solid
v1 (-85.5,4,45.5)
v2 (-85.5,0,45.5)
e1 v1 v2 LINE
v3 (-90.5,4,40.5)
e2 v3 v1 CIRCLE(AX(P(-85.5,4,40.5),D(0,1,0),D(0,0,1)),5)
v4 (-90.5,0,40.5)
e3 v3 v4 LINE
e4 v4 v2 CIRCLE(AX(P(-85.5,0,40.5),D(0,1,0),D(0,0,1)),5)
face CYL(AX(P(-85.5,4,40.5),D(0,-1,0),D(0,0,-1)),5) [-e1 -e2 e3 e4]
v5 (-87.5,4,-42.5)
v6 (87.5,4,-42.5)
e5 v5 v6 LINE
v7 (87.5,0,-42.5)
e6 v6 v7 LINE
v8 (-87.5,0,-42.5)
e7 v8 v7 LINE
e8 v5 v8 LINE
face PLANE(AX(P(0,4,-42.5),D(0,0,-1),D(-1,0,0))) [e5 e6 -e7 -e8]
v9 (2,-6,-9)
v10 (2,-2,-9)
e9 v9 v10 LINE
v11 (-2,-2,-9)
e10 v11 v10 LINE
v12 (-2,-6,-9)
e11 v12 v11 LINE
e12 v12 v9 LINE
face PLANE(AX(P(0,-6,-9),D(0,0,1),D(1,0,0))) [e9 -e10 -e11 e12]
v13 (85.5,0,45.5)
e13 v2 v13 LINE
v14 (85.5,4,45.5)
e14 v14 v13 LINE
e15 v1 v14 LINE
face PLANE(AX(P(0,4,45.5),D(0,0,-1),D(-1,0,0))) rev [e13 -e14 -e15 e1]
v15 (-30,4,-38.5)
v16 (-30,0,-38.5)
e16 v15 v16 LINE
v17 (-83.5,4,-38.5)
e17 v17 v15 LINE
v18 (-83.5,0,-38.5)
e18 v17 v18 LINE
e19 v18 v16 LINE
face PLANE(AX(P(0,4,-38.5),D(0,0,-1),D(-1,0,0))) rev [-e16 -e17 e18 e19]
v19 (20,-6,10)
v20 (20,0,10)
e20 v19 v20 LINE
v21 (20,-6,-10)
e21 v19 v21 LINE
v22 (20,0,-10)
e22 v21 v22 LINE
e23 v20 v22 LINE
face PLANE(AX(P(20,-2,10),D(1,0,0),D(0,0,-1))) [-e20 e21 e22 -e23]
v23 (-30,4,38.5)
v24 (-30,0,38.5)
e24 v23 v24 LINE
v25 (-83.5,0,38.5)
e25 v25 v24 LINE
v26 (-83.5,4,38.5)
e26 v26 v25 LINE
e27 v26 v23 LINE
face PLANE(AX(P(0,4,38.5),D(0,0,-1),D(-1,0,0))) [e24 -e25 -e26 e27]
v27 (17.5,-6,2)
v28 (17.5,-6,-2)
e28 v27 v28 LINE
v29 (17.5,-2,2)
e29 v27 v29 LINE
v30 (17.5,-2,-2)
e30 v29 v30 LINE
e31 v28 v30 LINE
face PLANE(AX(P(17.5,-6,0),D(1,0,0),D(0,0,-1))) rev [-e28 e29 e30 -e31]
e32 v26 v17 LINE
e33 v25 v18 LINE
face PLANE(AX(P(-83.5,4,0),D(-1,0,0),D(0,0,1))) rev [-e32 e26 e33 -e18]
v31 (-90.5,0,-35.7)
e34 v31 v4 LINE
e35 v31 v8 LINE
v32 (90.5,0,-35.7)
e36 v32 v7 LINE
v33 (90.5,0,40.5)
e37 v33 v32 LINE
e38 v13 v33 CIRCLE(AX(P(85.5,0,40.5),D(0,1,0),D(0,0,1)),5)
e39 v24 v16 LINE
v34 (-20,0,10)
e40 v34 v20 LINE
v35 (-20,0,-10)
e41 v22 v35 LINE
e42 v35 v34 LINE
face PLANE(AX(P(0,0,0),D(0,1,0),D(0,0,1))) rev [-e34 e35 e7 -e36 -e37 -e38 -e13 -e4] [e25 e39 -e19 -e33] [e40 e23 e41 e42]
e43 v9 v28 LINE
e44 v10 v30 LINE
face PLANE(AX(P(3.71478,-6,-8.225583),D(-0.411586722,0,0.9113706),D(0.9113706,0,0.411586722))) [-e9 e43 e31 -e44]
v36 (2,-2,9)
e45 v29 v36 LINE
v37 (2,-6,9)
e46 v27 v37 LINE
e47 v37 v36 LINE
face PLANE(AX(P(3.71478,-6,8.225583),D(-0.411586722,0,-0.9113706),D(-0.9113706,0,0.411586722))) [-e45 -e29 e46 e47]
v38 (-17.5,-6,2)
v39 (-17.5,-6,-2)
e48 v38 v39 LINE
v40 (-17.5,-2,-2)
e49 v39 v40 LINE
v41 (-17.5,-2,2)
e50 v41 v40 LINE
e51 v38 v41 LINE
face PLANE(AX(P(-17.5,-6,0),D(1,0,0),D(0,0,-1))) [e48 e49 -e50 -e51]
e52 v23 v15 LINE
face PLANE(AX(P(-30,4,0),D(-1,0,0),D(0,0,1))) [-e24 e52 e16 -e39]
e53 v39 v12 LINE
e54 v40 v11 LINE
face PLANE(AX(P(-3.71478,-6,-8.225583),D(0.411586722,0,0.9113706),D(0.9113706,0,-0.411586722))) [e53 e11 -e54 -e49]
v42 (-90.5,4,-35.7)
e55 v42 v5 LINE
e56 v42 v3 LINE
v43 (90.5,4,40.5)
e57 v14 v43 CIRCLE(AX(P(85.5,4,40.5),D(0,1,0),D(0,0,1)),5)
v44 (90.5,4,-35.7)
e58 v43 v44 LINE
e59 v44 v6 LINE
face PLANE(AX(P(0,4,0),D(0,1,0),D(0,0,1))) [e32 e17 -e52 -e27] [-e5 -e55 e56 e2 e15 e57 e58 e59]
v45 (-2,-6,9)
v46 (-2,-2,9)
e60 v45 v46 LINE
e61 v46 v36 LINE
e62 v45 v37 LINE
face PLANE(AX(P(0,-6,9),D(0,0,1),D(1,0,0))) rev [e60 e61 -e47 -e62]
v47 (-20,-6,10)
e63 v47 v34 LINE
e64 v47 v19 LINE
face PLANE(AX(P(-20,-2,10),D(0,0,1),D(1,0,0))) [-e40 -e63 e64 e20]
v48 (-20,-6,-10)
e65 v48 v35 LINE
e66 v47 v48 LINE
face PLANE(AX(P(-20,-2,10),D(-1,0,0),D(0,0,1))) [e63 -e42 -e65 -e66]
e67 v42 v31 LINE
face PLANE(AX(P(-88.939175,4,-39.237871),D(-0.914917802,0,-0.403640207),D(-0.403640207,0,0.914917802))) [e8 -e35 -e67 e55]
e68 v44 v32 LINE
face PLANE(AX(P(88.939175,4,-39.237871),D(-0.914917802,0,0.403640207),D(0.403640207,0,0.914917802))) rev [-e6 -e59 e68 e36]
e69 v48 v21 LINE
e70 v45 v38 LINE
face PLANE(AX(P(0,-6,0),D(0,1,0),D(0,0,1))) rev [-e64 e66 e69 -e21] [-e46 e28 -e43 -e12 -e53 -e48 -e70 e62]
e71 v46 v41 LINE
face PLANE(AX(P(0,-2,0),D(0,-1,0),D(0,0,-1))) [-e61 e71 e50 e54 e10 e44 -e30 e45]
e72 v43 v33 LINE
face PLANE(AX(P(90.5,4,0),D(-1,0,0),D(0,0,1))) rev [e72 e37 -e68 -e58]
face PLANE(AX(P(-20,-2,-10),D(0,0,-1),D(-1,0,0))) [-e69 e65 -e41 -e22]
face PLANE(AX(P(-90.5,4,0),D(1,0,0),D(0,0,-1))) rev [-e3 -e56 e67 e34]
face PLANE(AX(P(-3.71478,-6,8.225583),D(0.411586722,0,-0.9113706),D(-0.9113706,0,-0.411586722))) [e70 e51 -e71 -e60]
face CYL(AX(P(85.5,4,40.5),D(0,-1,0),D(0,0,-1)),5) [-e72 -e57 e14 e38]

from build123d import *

# Parameters (mm, degrees)
SKETCH1_W           = 53.5
SKETCH1_H           = 77
BOSS_EXTRUDE1_DEPTH = 4
SKETCH2_W           = 40
SKETCH2_H           = 20
BOSS_EXTRUDE2_DEPTH = 2
SKETCH3_W           = 40
SKETCH3_H           = 20
BOSS_EXTRUDE3_DEPTH = 4


with BuildPart() as part:
    # Sketch1 → Boss-Extrude1 (new body)
    with BuildSketch(Plane(origin=(0, 0, 0), x_dir=(1, 0, 0), z_dir=(0, 1, 0))):
        with BuildLine():
            Line((-87.5, 42.5), (87.5, 42.5))
            Line((87.5, 42.5), (90.5, 35.7))
            Line((90.5, 35.7), (90.5, -40.5))
            ThreePointArc((90.5, -40.5), (89.035533906, -44.035533906), (85.5, -45.5))
            Line((85.5, -45.5), (-85.5, -45.5))
            ThreePointArc((-85.5, -45.5), (-89.035533906, -44.035533906), (-90.5, -40.5))
            Line((-90.5, -40.5), (-90.5, 35.7))
            Line((-90.5, 35.7), (-87.5, 42.5))
        make_face()
        with Locations((-56.75, 0)):
            Rectangle(SKETCH1_W, SKETCH1_H, mode=Mode.SUBTRACT)
    extrude(amount=BOSS_EXTRUDE1_DEPTH)

    # Sketch2 → Boss-Extrude2 (add)
    with BuildSketch(Plane(origin=(0, 0, 0), x_dir=(1, 0, 0), z_dir=(0, 1, 0))):
        Rectangle(SKETCH2_W, SKETCH2_H)
    extrude(amount=-BOSS_EXTRUDE2_DEPTH)

    # Sketch3 → Boss-Extrude3 (add)
    # profile 1 of 5: a face of its own
    with BuildSketch(Plane(origin=(0, -2, 0), x_dir=(1, 0, 0), z_dir=(0, 1, 0))):
        Rectangle(SKETCH3_W, SKETCH3_H)
        Polygon((-2, 9), (0, 9), (2, 9), (17.5, 9), (17.5, 2), (17.5, 0), (17.5, -2), (17.5, -9), (2, -9), (0, -9), (-2, -9), (-17.5, -9), (-17.5, -2), (-17.5, 0), (-17.5, 2), (-17.5, 9), align=None, mode=Mode.SUBTRACT)
    # profile 2 of 5: a face of its own
    with BuildSketch(Plane(origin=(0, -2, 0), x_dir=(1, 0, 0), z_dir=(0, 1, 0))):
        Polygon((-17.5, 2), (-2, 9), (-17.5, 9), align=None)
    # profile 3 of 5: a face of its own
    with BuildSketch(Plane(origin=(0, -2, 0), x_dir=(1, 0, 0), z_dir=(0, 1, 0))):
        Polygon((-2, -9), (-17.5, -2), (-17.5, -9), align=None)
    # profile 4 of 5: a face of its own
    with BuildSketch(Plane(origin=(0, -2, 0), x_dir=(1, 0, 0), z_dir=(0, 1, 0))):
        Polygon((17.5, -9), (17.5, -2), (2, -9), align=None)
    # profile 5 of 5: a face of its own
    with BuildSketch(Plane(origin=(0, -2, 0), x_dir=(1, 0, 0), z_dir=(0, 1, 0))):
        Polygon((17.5, 9), (2, 9), (17.5, 2), align=None)
    extrude(amount=-BOSS_EXTRUDE3_DEPTH)


solid = part.part
